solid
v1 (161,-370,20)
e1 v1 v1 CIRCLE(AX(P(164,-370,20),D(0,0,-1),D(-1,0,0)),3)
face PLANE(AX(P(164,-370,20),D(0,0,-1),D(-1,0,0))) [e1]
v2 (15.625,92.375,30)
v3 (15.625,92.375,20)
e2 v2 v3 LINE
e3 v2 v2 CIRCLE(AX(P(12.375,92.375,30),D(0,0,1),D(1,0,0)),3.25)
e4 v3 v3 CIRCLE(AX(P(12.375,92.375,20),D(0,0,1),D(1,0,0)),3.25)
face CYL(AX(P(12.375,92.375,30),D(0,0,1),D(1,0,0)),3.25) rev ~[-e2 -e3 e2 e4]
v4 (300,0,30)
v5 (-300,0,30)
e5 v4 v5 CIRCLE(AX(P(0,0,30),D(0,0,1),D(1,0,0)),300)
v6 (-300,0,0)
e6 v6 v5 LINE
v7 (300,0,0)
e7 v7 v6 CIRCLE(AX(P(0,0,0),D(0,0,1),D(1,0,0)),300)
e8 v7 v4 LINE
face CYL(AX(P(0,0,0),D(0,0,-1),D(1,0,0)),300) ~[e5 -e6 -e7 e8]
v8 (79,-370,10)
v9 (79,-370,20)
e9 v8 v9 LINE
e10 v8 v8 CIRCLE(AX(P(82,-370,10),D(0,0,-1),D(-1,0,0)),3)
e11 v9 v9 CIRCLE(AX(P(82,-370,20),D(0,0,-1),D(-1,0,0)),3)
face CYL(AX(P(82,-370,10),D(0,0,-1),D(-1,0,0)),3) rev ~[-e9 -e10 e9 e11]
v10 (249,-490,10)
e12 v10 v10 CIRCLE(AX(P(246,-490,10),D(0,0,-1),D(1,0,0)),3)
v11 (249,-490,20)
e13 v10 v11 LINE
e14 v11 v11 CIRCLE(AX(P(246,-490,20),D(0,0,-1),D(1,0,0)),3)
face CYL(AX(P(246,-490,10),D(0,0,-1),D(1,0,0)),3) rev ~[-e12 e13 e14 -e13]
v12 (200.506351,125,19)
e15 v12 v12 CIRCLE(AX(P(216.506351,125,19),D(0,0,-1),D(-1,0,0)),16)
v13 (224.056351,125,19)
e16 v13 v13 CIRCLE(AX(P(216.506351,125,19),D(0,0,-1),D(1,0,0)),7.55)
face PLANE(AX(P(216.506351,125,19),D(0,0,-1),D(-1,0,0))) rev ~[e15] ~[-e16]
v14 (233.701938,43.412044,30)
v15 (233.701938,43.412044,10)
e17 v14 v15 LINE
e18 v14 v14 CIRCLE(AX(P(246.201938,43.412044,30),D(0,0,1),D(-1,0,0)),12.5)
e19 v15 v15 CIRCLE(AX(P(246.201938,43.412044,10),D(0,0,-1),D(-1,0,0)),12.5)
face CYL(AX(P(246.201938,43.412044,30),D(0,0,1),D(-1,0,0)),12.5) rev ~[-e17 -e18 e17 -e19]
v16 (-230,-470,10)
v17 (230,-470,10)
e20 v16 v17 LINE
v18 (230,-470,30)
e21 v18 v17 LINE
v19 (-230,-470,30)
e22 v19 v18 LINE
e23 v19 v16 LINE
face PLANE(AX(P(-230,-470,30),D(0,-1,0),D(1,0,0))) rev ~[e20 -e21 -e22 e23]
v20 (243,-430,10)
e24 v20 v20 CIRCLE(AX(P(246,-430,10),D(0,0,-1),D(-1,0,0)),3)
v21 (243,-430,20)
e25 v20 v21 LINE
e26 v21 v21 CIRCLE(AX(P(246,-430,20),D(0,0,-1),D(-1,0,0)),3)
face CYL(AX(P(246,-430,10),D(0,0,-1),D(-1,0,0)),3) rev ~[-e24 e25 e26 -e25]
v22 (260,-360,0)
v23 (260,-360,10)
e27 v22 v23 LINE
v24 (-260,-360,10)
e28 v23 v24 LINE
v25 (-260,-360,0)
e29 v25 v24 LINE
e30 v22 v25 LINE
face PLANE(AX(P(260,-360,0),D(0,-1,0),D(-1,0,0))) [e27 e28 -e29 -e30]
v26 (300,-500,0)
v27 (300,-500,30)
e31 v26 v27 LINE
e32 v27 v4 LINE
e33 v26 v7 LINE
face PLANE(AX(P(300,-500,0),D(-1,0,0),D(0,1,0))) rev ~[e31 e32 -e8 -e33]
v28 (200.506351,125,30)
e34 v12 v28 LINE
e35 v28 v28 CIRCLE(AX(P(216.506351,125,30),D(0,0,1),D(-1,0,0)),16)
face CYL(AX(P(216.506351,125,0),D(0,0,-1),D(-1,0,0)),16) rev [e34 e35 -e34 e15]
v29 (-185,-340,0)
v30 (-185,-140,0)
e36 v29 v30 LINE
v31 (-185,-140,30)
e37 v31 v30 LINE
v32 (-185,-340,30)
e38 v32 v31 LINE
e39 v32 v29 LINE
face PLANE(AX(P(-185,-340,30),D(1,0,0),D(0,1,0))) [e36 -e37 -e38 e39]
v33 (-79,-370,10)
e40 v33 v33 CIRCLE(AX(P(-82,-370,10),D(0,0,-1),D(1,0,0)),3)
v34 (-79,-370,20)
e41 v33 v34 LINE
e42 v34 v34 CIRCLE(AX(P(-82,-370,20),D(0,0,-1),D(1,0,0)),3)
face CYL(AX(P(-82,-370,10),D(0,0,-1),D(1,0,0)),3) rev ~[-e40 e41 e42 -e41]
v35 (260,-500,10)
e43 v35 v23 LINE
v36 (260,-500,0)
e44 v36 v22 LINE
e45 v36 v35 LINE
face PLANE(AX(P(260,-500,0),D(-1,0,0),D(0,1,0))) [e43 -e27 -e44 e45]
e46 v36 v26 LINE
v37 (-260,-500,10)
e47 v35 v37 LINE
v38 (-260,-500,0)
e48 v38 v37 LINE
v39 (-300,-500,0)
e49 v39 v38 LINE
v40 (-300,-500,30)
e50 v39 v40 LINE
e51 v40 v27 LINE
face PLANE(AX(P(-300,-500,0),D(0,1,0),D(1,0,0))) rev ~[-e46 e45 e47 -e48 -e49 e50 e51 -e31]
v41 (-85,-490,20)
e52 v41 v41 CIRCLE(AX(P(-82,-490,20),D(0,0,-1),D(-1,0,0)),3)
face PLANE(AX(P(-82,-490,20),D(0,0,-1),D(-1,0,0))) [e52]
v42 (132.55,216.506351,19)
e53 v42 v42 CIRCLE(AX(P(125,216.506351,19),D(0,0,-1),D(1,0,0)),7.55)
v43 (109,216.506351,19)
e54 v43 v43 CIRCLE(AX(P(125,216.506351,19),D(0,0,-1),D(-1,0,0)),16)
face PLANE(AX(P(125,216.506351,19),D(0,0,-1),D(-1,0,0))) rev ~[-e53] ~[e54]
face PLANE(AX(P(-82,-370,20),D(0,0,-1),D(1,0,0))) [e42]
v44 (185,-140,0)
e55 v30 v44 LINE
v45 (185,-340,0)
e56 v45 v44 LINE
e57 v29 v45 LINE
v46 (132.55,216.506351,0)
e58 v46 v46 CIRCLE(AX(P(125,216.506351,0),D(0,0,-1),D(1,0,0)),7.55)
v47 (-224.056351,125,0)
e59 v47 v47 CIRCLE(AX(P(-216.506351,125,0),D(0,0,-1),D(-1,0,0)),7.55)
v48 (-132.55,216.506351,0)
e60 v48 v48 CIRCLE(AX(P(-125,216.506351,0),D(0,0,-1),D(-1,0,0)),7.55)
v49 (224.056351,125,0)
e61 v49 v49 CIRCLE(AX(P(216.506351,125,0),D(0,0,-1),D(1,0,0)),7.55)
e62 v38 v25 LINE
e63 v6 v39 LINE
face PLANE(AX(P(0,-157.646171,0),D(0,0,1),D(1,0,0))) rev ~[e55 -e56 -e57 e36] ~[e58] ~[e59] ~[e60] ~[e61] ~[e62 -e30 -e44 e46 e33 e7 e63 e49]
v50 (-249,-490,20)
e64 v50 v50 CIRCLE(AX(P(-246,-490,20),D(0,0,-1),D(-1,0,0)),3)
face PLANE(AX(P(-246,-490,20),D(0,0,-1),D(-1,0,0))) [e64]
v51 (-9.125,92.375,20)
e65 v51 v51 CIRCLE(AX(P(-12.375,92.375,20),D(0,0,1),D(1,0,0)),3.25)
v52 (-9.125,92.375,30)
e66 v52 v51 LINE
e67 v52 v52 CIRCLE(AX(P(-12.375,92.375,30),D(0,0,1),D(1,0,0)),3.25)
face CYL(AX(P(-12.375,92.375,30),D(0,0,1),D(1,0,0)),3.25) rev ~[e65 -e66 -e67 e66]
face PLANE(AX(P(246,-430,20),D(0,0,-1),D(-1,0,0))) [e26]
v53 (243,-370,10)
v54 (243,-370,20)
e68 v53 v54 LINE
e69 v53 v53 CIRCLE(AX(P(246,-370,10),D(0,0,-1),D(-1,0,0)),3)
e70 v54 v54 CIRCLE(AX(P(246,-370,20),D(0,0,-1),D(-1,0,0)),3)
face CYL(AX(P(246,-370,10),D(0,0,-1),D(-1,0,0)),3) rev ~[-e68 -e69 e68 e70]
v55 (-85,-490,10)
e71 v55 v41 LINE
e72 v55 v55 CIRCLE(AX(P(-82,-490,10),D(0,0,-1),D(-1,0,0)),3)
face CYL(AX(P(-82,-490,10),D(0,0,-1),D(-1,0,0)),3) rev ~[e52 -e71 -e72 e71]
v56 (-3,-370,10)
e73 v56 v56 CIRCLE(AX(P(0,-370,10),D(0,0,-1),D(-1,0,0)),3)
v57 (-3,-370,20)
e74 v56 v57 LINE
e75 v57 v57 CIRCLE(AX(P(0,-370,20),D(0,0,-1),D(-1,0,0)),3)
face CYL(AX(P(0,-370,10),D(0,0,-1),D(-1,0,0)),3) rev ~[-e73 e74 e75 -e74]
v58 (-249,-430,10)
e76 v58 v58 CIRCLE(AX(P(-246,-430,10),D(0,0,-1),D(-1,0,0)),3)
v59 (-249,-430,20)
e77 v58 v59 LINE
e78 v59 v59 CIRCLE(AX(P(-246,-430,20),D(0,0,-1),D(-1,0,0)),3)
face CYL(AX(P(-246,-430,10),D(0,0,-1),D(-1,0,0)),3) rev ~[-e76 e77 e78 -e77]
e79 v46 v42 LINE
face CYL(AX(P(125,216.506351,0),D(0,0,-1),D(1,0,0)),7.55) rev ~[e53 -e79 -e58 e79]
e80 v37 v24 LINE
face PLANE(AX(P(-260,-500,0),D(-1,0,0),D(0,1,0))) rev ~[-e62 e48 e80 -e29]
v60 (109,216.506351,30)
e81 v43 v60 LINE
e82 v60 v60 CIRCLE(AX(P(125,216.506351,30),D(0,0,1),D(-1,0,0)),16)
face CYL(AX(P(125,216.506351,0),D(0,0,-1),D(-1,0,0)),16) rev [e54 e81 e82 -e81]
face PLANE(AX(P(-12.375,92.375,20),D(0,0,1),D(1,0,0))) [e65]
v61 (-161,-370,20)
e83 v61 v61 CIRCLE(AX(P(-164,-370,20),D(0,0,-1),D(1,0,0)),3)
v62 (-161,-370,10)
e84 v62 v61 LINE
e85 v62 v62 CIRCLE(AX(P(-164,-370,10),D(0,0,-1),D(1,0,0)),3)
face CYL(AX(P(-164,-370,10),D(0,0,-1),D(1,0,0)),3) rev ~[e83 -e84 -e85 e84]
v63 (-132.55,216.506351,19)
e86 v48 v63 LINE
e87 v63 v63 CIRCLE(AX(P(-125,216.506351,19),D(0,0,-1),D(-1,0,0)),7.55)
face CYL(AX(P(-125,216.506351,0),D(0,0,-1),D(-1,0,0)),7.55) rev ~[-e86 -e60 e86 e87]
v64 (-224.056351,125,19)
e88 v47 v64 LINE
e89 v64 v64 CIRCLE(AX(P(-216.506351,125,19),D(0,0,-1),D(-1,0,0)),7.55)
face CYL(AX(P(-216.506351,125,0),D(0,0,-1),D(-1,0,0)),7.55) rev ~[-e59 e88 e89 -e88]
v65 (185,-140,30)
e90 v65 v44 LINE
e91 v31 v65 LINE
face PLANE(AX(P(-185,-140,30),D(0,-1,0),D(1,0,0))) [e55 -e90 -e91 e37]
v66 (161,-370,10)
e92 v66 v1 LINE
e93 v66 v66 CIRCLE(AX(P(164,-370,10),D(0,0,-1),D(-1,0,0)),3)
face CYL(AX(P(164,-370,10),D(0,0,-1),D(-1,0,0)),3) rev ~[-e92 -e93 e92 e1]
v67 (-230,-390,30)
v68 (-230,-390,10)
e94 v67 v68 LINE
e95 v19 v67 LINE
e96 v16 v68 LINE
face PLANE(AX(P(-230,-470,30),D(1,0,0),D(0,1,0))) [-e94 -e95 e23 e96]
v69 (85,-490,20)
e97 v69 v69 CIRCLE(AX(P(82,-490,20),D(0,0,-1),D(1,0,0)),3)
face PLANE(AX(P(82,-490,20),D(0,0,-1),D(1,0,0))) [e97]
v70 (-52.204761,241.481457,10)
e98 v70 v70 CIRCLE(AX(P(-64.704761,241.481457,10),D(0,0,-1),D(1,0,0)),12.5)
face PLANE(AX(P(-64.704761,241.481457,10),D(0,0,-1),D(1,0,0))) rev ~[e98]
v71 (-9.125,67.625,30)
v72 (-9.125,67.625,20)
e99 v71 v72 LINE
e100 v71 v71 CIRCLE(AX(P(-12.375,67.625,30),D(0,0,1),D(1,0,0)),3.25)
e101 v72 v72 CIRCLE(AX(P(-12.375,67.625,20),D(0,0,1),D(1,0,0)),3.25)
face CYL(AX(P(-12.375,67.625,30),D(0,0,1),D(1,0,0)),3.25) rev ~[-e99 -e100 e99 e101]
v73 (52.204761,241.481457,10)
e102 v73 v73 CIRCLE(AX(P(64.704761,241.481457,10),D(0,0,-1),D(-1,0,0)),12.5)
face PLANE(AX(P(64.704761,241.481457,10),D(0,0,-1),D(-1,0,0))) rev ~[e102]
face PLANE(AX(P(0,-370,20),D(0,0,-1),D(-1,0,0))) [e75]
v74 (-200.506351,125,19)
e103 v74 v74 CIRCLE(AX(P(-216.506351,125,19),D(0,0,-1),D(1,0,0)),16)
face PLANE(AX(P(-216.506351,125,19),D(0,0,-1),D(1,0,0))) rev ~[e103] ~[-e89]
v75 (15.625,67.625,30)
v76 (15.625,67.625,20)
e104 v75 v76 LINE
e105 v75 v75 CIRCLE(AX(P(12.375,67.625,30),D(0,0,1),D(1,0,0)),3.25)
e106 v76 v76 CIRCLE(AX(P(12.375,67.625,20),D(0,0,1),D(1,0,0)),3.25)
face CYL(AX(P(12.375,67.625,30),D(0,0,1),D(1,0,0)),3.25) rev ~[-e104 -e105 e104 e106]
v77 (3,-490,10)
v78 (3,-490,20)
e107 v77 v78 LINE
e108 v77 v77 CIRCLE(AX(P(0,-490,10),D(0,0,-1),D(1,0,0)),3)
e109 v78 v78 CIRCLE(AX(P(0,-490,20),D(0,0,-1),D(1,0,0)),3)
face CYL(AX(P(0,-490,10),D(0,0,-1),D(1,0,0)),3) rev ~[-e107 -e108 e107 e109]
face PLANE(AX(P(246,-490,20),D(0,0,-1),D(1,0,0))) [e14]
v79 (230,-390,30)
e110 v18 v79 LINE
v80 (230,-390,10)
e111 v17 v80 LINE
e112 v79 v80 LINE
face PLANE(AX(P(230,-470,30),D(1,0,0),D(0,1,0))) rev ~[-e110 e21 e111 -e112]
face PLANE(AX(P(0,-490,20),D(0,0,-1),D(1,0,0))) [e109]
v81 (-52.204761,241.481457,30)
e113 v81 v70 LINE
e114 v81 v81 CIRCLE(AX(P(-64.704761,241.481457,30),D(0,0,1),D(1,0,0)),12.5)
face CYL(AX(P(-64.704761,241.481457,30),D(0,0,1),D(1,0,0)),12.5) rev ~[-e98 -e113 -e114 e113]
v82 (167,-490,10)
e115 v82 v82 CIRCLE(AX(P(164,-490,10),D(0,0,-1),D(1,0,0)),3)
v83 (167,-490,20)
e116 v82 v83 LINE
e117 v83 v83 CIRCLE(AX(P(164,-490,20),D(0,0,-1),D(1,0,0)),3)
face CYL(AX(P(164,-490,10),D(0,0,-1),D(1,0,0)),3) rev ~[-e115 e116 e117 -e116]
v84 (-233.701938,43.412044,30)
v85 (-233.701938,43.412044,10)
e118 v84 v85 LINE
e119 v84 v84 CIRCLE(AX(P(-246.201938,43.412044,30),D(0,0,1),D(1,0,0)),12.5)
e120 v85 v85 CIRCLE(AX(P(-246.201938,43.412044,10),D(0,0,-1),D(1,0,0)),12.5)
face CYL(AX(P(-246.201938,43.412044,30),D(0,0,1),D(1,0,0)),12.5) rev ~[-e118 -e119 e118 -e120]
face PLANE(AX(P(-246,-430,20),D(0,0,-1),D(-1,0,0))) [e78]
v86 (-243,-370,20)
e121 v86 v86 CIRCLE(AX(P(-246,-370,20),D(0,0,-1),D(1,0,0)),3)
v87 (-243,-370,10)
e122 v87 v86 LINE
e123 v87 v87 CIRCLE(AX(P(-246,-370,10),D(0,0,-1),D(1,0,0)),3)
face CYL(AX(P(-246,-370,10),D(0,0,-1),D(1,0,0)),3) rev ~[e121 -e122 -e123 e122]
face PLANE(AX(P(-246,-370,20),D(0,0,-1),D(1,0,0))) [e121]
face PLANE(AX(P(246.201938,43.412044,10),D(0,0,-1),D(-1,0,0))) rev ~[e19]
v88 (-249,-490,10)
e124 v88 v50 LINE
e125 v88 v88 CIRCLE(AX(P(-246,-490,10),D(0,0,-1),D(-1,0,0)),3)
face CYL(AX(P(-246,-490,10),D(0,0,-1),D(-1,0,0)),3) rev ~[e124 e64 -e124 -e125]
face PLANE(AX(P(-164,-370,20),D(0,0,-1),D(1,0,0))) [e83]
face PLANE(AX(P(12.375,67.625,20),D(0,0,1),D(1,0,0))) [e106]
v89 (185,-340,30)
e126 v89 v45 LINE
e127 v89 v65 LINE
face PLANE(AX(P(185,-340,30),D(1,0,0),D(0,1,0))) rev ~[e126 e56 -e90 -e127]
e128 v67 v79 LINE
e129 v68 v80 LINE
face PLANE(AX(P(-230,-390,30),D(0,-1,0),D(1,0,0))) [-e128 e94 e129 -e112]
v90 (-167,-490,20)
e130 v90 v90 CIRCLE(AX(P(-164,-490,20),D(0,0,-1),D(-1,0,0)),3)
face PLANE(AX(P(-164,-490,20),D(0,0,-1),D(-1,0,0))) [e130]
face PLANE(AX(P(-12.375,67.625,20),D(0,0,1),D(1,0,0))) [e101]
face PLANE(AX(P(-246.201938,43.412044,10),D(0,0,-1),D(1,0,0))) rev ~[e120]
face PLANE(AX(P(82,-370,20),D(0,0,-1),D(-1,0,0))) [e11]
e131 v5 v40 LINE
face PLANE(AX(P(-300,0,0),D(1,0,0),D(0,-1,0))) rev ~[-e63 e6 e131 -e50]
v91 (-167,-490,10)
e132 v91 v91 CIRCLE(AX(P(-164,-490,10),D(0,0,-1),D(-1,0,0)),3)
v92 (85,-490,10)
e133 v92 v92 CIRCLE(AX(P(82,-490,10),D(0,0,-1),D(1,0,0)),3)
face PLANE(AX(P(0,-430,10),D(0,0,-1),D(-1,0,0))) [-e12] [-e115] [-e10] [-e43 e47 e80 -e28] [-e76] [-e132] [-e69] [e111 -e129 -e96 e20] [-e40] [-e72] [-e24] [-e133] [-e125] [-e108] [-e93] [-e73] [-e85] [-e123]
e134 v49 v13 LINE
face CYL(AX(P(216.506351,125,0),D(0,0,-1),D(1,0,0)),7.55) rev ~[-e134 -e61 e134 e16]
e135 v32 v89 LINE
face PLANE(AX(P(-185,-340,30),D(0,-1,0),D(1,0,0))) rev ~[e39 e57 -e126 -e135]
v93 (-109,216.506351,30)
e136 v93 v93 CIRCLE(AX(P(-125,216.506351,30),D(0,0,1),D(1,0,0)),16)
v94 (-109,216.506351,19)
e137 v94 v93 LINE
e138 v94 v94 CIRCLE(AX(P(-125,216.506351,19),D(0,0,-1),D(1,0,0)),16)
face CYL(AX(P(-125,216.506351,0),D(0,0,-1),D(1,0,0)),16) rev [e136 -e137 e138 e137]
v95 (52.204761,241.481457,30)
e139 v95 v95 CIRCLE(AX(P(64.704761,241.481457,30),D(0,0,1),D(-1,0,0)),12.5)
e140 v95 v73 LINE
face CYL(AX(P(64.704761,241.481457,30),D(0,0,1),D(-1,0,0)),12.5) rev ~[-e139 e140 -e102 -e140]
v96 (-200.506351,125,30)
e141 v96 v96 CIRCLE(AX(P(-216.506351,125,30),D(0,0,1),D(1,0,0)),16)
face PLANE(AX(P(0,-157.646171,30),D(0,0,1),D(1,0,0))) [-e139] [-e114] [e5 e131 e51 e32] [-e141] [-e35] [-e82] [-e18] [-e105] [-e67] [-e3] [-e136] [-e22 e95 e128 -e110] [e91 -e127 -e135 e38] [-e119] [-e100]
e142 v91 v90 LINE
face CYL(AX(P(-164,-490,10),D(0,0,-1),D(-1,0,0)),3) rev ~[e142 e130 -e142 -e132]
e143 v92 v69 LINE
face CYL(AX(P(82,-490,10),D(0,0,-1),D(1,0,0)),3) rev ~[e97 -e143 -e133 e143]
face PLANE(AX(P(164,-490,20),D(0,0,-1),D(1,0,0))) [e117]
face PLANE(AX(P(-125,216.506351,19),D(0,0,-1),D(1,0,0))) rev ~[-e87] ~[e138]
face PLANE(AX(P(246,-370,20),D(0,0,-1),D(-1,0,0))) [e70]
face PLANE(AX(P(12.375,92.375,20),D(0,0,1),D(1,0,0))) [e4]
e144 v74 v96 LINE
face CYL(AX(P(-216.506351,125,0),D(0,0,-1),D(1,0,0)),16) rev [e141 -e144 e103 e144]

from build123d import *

# Parameters (mm, degrees)
SKETCH_1_R           = 16
EXTRUDE_1_DEPTH      = 30
SKETCH_5_W           = 370
SKETCH_5_H           = 200
CUT_EXTRUDE_3_DEPTH  = 584.86642308
SKETCH_6_W           = 460
SKETCH_6_H           = 80
CUT_EXTRUDE_4_DEPTH  = 100
SKETCH_7_W           = 520
SKETCH_7_H           = 140
CUT_EXTRUDE_5_DEPTH  = 10
SKETCH_10_R          = 12.5
CUT_EXTRUDE_7_DEPTH  = 30
SKETCH_15_R          = 3
CUT_EXTRUDE_12_DEPTH = 10
SKETCH_16_R          = 18.5
SKETCH_16_R_2        = 12.5
EXTRUDE_2_DEPTH      = 5
SKETCH_17_R          = 16
SKETCH_17_R_2        = 7.55
EXTRUDE_4_DEPTH      = 19
EXTRUDE_START        = -10
SKETCH_18_R          = 12.5
EXTRUDE_5_DEPTH      = 10
SKETCH_19_R          = 3.25
CUT_EXTRUDE_13_DEPTH = 10


with BuildPart() as part:
    # 草图1 → 凸台-拉伸1 (new body)
    with BuildSketch(Plane.XY):
        with BuildLine():
            Line((-300, 0), (-300, -500))
            Line((-300, -500), (300, -500))
            Line((300, -500), (300, 0))
            ThreePointArc((300, 0), (0, 300), (-300, 0))
        make_face()
        with Locations((-216.506350946, 125)):
            Circle(SKETCH_1_R, mode=Mode.SUBTRACT)
        with Locations((-125, 216.506350946)):
            Circle(SKETCH_1_R, mode=Mode.SUBTRACT)
        with Locations(Location((125, 216.506350946, 0), (0, 0, 180))):
            Circle(SKETCH_1_R, mode=Mode.SUBTRACT)
        with Locations(Location((216.506350946, 125, 0), (0, 0, 180))):
            Circle(SKETCH_1_R, mode=Mode.SUBTRACT)
    extrude(amount=EXTRUDE_1_DEPTH)

    # 草图5 → 切除-拉伸3 (cut, through all)
    with BuildSketch(Plane.XY.offset(30)):
        with Locations((0, -240)):
            Rectangle(SKETCH_5_W, SKETCH_5_H)
    extrude(amount=-CUT_EXTRUDE_3_DEPTH, mode=Mode.SUBTRACT)

    # 草图6 → 切除-拉伸4 (cut)
    with BuildSketch(Plane.XY.offset(30)):
        with Locations((0, -430)):
            Rectangle(SKETCH_6_W, SKETCH_6_H)
    extrude(amount=-CUT_EXTRUDE_4_DEPTH, mode=Mode.SUBTRACT)

    # 草图7 → 切除-拉伸5 (cut)
    with BuildSketch(Plane(origin=(0, 0, 0), x_dir=(-1, 0, 0), z_dir=(0, 0, -1))):
        with Locations((0, -430)):
            Rectangle(SKETCH_7_W, SKETCH_7_H)
    extrude(amount=-CUT_EXTRUDE_5_DEPTH, mode=Mode.SUBTRACT)

    # 草图10 → 切除-拉伸7 (cut)
    with BuildSketch(Plane.XY.offset(30)):
        with Locations((-246.201938253, 43.412044417)):
            Circle(SKETCH_10_R)
        with Locations((-64.704761276, 241.481456572)):
            Circle(SKETCH_10_R)
        with Locations(Location((246.201938253, 43.412044417, 0), (0, 0, 180))):
            Circle(SKETCH_10_R)
        with Locations(Location((64.704761276, 241.481456572, 0), (0, 0, 180))):
            Circle(SKETCH_10_R)
    extrude(amount=-CUT_EXTRUDE_7_DEPTH, mode=Mode.SUBTRACT)

    # 草图15 → 切除-拉伸12 (cut)
    with BuildSketch(Plane(origin=(0, 0, 10), x_dir=(-1, 0, 0), z_dir=(0, 0, -1))):
        with Locations((0, -370)):
            Circle(SKETCH_15_R)
        with Locations((-82, -370)):
            Circle(SKETCH_15_R)
        with Locations((-164, -370)):
            Circle(SKETCH_15_R)
        with Locations((-246, -370)):
            Circle(SKETCH_15_R)
        with Locations(Location((-246, -490, 0), (0, 0, 180))):
            Circle(SKETCH_15_R)
        with Locations(Location((-164, -490, 0), (0, 0, 180))):
            Circle(SKETCH_15_R)
        with Locations(Location((-82, -490, 0), (0, 0, 180))):
            Circle(SKETCH_15_R)
        with Locations(Location((0, -490, 0), (0, 0, 180))):
            Circle(SKETCH_15_R)
        with Locations((82, -490)):
            Circle(SKETCH_15_R)
        with Locations((164, -490)):
            Circle(SKETCH_15_R)
        with Locations((246, -490)):
            Circle(SKETCH_15_R)
        with Locations(Location((246, -370, 0), (0, 0, 180))):
            Circle(SKETCH_15_R)
        with Locations(Location((164, -370, 0), (0, 0, 180))):
            Circle(SKETCH_15_R)
        with Locations(Location((82, -370, 0), (0, 0, 180))):
            Circle(SKETCH_15_R)
        with Locations((-246, -430)):
            Circle(SKETCH_15_R)
        with Locations((246, -430)):
            Circle(SKETCH_15_R)
    extrude(amount=-CUT_EXTRUDE_12_DEPTH, mode=Mode.SUBTRACT)

    # 草图16 → 凸台-拉伸2 (add)
    # profile 1 of 4: a face of its own
    with BuildSketch(Plane(origin=(0, 0, 0), x_dir=(-1, 0, 0), z_dir=(0, 0, -1))):
        with Locations((-216.506350946, 125)):
            Circle(SKETCH_16_R)
        with Locations((-216.506350946, 125)):
            Circle(SKETCH_16_R_2, mode=Mode.SUBTRACT)
    # profile 2 of 4: a face of its own
    with BuildSketch(Plane(origin=(0, 0, 0), x_dir=(-1, 0, 0), z_dir=(0, 0, -1))):
        with Locations((-125, 216.506350946)):
            Circle(SKETCH_16_R)
        with Locations((-125, 216.506350946)):
            Circle(SKETCH_16_R_2, mode=Mode.SUBTRACT)
    # profile 3 of 4: a face of its own
    with BuildSketch(Plane(origin=(0, 0, 0), x_dir=(-1, 0, 0), z_dir=(0, 0, -1))):
        with Locations((125, 216.506350946)):
            Circle(SKETCH_16_R)
        with Locations(Location((125, 216.506350946, 0), (0, 0, 180))):
            Circle(SKETCH_16_R_2, mode=Mode.SUBTRACT)
    # profile 4 of 4: a face of its own
    with BuildSketch(Plane(origin=(0, 0, 0), x_dir=(-1, 0, 0), z_dir=(0, 0, -1))):
        with Locations((216.506350946, 125)):
            Circle(SKETCH_16_R)
        with Locations(Location((216.506350946, 125, 0), (0, 0, 180))):
            Circle(SKETCH_16_R_2, mode=Mode.SUBTRACT)
    extrude(amount=-EXTRUDE_2_DEPTH)

    # 草图17 → 凸台-拉伸4 (add)
    # profile 1 of 4: a face of its own
    with BuildSketch(Plane(origin=(0, 0, 0), x_dir=(-1, 0, 0), z_dir=(0, 0, -1))):
        with Locations(Location((216.506350946, 125, 0), (0, 0, 180))):
            Circle(SKETCH_17_R)
        with Locations((216.506350946, 125)):
            Circle(SKETCH_17_R_2, mode=Mode.SUBTRACT)
    # profile 2 of 4: a face of its own
    with BuildSketch(Plane(origin=(0, 0, 0), x_dir=(-1, 0, 0), z_dir=(0, 0, -1))):
        with Locations(Location((125, 216.506350946, 0), (0, 0, 180))):
            Circle(SKETCH_17_R)
        with Locations((125, 216.506350946)):
            Circle(SKETCH_17_R_2, mode=Mode.SUBTRACT)
    # profile 3 of 4: a face of its own
    with BuildSketch(Plane(origin=(0, 0, 0), x_dir=(-1, 0, 0), z_dir=(0, 0, -1))):
        with Locations((-125, 216.506350946)):
            Circle(SKETCH_17_R)
        with Locations(Location((-125, 216.506350946, 0), (0, 0, 180))):
            Circle(SKETCH_17_R_2, mode=Mode.SUBTRACT)
    # profile 4 of 4: a face of its own
    with BuildSketch(Plane(origin=(0, 0, 0), x_dir=(-1, 0, 0), z_dir=(0, 0, -1))):
        with Locations((-216.506350946, 125)):
            Circle(SKETCH_17_R)
        with Locations(Location((-216.506350946, 125, 0), (0, 0, 180))):
            Circle(SKETCH_17_R_2, mode=Mode.SUBTRACT)
    extrude(amount=-EXTRUDE_4_DEPTH)

    # 草图18 → 凸台-拉伸5 (add)
    with BuildSketch(Plane(origin=(0, 0, 0), x_dir=(-1, 0, 0), z_dir=(0, 0, -1)).offset(EXTRUDE_START)):
        with Locations((-246.201938253, 43.412044417)):
            Circle(SKETCH_18_R)
        with Locations((-64.704761276, 241.481456572)):
            Circle(SKETCH_18_R)
        with Locations(Location((64.704761276, 241.481456572, 0), (0, 0, 180))):
            Circle(SKETCH_18_R)
        with Locations(Location((246.201938253, 43.412044417, 0), (0, 0, 180))):
            Circle(SKETCH_18_R)
    extrude(amount=EXTRUDE_5_DEPTH)

    # 草图19 → 切除-拉伸13 (cut)
    with BuildSketch(Plane.XY.offset(30)):
        with Locations((-12.375, 92.375)):
            Circle(SKETCH_19_R)
        with Locations((12.375, 92.375)):
            Circle(SKETCH_19_R)
        with Locations((-12.375, 67.625)):
            Circle(SKETCH_19_R)
        with Locations((12.375, 67.625)):
            Circle(SKETCH_19_R)
    extrude(amount=-CUT_EXTRUDE_13_DEPTH, mode=Mode.SUBTRACT)


solid = part.part
